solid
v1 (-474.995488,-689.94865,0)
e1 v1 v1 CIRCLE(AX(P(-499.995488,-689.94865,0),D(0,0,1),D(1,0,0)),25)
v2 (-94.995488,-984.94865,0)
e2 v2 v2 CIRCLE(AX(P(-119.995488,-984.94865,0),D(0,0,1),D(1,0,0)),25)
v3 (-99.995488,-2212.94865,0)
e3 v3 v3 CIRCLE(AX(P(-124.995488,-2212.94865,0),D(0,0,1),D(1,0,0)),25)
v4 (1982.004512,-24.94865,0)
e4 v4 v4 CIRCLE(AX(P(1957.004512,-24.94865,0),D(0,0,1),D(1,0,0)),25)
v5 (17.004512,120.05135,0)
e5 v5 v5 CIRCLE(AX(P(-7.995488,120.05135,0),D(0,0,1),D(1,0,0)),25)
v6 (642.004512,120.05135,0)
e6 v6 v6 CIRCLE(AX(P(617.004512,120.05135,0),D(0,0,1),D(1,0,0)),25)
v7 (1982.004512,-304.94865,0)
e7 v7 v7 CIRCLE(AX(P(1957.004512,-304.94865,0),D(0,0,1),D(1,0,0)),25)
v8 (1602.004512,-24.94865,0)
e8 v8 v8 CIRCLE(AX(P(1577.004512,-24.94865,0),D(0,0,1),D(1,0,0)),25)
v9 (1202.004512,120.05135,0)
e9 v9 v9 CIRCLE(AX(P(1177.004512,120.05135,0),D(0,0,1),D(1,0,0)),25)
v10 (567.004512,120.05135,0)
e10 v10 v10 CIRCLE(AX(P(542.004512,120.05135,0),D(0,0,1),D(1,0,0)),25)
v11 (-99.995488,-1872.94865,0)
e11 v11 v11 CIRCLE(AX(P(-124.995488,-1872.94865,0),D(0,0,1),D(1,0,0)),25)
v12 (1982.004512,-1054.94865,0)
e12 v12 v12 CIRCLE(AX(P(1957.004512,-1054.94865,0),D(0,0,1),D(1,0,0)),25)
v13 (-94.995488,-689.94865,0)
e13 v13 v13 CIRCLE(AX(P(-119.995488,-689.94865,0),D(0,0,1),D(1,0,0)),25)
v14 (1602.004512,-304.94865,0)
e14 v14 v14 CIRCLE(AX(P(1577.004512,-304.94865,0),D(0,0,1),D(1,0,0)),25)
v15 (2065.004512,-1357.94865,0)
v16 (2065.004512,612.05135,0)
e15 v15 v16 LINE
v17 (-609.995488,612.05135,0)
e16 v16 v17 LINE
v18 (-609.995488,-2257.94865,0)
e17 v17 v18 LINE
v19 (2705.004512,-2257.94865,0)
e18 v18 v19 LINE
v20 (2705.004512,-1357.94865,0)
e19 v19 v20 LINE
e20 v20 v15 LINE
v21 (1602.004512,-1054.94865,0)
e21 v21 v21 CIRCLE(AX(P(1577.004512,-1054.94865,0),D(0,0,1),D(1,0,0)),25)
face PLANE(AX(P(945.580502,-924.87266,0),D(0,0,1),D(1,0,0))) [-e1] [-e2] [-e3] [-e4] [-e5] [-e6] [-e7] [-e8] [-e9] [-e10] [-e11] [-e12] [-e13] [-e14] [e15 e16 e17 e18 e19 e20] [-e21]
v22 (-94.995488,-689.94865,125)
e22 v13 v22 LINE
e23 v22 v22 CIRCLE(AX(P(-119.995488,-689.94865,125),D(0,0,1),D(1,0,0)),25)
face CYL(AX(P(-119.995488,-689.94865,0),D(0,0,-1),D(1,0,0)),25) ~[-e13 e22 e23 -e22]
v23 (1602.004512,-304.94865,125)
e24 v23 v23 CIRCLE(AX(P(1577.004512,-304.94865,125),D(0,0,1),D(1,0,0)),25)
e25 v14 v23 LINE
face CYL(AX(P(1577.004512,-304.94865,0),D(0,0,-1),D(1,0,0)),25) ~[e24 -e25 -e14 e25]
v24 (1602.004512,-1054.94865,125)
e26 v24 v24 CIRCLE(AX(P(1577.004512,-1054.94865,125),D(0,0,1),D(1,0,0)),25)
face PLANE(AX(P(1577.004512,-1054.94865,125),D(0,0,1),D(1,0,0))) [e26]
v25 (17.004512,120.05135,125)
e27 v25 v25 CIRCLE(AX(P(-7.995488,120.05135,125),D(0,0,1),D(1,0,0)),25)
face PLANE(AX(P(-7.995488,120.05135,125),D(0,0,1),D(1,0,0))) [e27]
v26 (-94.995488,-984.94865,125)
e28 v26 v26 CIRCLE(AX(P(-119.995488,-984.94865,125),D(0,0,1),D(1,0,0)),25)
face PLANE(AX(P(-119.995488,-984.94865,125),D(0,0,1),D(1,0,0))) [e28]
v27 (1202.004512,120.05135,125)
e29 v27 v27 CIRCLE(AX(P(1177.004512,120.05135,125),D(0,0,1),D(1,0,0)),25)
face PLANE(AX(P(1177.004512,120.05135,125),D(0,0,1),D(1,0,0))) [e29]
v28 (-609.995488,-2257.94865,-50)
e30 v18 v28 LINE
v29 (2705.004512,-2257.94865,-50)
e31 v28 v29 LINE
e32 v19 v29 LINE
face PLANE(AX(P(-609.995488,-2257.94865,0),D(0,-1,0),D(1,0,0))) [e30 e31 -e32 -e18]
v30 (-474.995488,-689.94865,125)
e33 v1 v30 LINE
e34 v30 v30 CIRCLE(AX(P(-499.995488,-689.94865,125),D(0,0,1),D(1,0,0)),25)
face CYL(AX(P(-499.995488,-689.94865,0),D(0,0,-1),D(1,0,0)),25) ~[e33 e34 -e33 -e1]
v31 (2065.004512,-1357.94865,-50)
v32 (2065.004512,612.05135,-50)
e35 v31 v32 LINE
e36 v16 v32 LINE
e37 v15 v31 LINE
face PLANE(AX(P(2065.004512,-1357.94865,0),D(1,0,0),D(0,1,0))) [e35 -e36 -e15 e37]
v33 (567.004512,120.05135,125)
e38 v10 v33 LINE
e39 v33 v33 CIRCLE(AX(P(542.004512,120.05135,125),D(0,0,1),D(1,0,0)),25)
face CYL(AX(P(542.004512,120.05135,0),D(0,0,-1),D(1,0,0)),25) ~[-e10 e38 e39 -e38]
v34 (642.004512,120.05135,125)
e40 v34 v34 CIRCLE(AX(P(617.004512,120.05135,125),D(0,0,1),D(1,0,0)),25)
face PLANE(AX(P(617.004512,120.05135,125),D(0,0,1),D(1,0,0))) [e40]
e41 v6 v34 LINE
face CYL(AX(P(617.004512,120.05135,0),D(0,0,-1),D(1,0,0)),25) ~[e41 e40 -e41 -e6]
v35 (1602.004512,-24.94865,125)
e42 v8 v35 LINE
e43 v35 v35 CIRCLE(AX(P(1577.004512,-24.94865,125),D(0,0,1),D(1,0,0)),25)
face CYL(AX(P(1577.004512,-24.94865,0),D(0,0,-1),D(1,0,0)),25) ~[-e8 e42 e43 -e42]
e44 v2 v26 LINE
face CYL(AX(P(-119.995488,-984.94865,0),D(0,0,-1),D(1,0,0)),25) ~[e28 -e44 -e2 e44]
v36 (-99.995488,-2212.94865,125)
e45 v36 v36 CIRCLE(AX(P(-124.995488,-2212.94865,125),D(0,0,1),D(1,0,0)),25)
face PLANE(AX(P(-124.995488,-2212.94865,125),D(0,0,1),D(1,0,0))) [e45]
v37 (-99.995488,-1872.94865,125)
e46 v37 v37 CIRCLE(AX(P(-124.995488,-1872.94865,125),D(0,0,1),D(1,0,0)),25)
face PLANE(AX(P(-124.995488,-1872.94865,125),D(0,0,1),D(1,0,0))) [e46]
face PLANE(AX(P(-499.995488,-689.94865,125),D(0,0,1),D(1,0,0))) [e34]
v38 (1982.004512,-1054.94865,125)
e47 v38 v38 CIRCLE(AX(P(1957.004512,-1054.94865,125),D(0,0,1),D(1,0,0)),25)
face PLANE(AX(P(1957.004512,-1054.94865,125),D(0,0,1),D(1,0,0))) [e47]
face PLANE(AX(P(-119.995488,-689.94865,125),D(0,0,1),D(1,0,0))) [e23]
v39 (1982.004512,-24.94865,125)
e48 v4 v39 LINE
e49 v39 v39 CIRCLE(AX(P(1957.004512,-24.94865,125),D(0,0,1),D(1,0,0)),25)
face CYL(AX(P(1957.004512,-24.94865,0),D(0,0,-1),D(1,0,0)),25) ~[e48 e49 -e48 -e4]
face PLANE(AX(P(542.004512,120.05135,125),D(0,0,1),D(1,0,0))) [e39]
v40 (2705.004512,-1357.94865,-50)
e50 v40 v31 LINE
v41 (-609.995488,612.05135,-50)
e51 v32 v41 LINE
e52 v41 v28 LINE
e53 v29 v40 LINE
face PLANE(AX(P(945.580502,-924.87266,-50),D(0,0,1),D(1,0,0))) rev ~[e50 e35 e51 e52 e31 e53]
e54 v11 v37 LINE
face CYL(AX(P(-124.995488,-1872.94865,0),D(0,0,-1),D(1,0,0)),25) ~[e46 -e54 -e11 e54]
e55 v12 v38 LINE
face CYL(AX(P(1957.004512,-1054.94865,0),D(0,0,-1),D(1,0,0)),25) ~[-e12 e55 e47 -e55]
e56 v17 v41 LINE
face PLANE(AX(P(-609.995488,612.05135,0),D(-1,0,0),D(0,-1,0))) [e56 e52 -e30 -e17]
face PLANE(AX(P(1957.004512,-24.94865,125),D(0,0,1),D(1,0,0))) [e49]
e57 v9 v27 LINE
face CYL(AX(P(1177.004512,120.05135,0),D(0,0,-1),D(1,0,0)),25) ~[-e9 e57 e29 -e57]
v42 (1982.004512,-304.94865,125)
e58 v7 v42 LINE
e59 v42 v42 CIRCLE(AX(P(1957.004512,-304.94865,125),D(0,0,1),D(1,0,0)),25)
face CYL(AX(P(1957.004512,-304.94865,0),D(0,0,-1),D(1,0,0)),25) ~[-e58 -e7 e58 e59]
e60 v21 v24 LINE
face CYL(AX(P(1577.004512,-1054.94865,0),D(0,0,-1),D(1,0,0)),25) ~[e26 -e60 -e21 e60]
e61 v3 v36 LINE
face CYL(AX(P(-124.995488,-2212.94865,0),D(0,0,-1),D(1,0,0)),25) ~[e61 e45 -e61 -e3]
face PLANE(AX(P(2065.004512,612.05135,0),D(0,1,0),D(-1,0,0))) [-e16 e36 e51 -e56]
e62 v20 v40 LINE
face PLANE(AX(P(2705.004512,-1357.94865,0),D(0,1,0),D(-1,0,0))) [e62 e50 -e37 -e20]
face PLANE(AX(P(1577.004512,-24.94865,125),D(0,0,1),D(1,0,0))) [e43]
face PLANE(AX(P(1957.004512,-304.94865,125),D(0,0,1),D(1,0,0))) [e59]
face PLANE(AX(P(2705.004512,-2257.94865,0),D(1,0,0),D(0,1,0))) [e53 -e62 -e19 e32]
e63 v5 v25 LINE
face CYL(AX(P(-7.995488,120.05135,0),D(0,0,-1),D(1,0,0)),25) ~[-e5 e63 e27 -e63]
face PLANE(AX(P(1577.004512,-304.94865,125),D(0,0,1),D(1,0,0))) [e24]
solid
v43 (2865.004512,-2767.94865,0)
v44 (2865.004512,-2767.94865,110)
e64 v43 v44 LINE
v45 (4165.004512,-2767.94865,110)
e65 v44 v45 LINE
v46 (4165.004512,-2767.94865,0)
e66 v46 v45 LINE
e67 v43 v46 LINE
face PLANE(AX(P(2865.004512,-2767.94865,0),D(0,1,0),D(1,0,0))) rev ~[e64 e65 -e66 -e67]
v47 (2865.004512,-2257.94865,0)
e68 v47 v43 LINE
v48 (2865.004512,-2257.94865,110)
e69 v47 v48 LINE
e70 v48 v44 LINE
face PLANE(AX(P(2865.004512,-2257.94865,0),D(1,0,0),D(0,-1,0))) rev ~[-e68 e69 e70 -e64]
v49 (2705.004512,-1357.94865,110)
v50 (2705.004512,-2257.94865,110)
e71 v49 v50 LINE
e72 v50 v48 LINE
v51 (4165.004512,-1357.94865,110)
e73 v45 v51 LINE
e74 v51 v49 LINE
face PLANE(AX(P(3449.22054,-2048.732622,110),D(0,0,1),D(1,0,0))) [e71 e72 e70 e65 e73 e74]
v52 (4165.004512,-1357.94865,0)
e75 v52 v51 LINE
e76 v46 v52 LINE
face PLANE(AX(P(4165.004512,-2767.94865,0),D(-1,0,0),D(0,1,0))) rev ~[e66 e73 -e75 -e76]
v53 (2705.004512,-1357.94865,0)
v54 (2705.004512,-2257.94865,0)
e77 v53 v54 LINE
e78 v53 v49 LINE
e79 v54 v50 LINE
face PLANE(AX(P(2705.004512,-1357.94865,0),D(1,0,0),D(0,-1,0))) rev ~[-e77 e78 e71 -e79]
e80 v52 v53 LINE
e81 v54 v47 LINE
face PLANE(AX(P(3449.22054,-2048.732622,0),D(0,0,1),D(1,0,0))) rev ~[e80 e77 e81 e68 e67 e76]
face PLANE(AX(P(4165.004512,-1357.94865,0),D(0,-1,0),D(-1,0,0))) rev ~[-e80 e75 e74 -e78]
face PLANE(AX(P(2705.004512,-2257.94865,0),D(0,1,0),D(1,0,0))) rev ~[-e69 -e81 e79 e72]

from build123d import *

# Parameters (mm, degrees)
F1_DEPTH = 50
F3_DEPTH = 110
F4_R     = 25
F5_DEPTH = 125


with BuildPart() as f1:
    # F0 (on Top) → F1 (new body)
    with BuildSketch(Plane.XY):
        Polygon((-609.995488, 612.05135), (-609.995488, -2257.94865), (2065.004512, -2257.94865), (2705.004512, -2257.94865), (2705.004512, -1357.94865), (2065.004512, -1357.94865), (2065.004512, 612.05135), align=None)
    extrude(amount=-F1_DEPTH)

    # F4 (on face) → F5 (join)
    with BuildSketch(Plane.XY):
        with Locations((-7.995488, 120.05135)):
            Circle(F4_R)
        with Locations((-119.995488, -689.94865)):
            Circle(F4_R)
        with Locations((-499.995488, -689.94865)):
            Circle(F4_R)
        with Locations((-119.995488, -984.94865)):
            Circle(F4_R)
        with Locations((617.004512, 120.05135)):
            Circle(F4_R)
        with Locations((542.004512, 120.05135)):
            Circle(F4_R)
        with Locations((1177.004512, 120.05135)):
            Circle(F4_R)
        with Locations((1577.004512, -24.94865)):
            Circle(F4_R)
        with Locations((1577.004512, -304.94865)):
            Circle(F4_R)
        with Locations((-124.995488, -1872.94865)):
            Circle(F4_R)
        with Locations((-124.995488, -2212.94865)):
            Circle(F4_R)
        with Locations((1957.004512, -304.94865)):
            Circle(F4_R)
        with Locations((1957.004512, -24.94865)):
            Circle(F4_R)
        with Locations((1957.004512, -1054.94865)):
            Circle(F4_R)
        with Locations((1577.004512, -1054.94865)):
            Circle(F4_R)
    extrude(amount=F5_DEPTH)


with BuildPart() as f3:
    # F2 (on face) → F3 (new body)
    with BuildSketch(Plane.XY):
        Polygon((2705.004512, -1357.94865), (2705.004512, -2257.94865), (2865.004512, -2257.94865), (2865.004512, -2767.94865), (4165.004512, -2767.94865), (4165.004512, -1357.94865), align=None)
    extrude(amount=F3_DEPTH)


solid = Compound([f1.part, f3.part])
